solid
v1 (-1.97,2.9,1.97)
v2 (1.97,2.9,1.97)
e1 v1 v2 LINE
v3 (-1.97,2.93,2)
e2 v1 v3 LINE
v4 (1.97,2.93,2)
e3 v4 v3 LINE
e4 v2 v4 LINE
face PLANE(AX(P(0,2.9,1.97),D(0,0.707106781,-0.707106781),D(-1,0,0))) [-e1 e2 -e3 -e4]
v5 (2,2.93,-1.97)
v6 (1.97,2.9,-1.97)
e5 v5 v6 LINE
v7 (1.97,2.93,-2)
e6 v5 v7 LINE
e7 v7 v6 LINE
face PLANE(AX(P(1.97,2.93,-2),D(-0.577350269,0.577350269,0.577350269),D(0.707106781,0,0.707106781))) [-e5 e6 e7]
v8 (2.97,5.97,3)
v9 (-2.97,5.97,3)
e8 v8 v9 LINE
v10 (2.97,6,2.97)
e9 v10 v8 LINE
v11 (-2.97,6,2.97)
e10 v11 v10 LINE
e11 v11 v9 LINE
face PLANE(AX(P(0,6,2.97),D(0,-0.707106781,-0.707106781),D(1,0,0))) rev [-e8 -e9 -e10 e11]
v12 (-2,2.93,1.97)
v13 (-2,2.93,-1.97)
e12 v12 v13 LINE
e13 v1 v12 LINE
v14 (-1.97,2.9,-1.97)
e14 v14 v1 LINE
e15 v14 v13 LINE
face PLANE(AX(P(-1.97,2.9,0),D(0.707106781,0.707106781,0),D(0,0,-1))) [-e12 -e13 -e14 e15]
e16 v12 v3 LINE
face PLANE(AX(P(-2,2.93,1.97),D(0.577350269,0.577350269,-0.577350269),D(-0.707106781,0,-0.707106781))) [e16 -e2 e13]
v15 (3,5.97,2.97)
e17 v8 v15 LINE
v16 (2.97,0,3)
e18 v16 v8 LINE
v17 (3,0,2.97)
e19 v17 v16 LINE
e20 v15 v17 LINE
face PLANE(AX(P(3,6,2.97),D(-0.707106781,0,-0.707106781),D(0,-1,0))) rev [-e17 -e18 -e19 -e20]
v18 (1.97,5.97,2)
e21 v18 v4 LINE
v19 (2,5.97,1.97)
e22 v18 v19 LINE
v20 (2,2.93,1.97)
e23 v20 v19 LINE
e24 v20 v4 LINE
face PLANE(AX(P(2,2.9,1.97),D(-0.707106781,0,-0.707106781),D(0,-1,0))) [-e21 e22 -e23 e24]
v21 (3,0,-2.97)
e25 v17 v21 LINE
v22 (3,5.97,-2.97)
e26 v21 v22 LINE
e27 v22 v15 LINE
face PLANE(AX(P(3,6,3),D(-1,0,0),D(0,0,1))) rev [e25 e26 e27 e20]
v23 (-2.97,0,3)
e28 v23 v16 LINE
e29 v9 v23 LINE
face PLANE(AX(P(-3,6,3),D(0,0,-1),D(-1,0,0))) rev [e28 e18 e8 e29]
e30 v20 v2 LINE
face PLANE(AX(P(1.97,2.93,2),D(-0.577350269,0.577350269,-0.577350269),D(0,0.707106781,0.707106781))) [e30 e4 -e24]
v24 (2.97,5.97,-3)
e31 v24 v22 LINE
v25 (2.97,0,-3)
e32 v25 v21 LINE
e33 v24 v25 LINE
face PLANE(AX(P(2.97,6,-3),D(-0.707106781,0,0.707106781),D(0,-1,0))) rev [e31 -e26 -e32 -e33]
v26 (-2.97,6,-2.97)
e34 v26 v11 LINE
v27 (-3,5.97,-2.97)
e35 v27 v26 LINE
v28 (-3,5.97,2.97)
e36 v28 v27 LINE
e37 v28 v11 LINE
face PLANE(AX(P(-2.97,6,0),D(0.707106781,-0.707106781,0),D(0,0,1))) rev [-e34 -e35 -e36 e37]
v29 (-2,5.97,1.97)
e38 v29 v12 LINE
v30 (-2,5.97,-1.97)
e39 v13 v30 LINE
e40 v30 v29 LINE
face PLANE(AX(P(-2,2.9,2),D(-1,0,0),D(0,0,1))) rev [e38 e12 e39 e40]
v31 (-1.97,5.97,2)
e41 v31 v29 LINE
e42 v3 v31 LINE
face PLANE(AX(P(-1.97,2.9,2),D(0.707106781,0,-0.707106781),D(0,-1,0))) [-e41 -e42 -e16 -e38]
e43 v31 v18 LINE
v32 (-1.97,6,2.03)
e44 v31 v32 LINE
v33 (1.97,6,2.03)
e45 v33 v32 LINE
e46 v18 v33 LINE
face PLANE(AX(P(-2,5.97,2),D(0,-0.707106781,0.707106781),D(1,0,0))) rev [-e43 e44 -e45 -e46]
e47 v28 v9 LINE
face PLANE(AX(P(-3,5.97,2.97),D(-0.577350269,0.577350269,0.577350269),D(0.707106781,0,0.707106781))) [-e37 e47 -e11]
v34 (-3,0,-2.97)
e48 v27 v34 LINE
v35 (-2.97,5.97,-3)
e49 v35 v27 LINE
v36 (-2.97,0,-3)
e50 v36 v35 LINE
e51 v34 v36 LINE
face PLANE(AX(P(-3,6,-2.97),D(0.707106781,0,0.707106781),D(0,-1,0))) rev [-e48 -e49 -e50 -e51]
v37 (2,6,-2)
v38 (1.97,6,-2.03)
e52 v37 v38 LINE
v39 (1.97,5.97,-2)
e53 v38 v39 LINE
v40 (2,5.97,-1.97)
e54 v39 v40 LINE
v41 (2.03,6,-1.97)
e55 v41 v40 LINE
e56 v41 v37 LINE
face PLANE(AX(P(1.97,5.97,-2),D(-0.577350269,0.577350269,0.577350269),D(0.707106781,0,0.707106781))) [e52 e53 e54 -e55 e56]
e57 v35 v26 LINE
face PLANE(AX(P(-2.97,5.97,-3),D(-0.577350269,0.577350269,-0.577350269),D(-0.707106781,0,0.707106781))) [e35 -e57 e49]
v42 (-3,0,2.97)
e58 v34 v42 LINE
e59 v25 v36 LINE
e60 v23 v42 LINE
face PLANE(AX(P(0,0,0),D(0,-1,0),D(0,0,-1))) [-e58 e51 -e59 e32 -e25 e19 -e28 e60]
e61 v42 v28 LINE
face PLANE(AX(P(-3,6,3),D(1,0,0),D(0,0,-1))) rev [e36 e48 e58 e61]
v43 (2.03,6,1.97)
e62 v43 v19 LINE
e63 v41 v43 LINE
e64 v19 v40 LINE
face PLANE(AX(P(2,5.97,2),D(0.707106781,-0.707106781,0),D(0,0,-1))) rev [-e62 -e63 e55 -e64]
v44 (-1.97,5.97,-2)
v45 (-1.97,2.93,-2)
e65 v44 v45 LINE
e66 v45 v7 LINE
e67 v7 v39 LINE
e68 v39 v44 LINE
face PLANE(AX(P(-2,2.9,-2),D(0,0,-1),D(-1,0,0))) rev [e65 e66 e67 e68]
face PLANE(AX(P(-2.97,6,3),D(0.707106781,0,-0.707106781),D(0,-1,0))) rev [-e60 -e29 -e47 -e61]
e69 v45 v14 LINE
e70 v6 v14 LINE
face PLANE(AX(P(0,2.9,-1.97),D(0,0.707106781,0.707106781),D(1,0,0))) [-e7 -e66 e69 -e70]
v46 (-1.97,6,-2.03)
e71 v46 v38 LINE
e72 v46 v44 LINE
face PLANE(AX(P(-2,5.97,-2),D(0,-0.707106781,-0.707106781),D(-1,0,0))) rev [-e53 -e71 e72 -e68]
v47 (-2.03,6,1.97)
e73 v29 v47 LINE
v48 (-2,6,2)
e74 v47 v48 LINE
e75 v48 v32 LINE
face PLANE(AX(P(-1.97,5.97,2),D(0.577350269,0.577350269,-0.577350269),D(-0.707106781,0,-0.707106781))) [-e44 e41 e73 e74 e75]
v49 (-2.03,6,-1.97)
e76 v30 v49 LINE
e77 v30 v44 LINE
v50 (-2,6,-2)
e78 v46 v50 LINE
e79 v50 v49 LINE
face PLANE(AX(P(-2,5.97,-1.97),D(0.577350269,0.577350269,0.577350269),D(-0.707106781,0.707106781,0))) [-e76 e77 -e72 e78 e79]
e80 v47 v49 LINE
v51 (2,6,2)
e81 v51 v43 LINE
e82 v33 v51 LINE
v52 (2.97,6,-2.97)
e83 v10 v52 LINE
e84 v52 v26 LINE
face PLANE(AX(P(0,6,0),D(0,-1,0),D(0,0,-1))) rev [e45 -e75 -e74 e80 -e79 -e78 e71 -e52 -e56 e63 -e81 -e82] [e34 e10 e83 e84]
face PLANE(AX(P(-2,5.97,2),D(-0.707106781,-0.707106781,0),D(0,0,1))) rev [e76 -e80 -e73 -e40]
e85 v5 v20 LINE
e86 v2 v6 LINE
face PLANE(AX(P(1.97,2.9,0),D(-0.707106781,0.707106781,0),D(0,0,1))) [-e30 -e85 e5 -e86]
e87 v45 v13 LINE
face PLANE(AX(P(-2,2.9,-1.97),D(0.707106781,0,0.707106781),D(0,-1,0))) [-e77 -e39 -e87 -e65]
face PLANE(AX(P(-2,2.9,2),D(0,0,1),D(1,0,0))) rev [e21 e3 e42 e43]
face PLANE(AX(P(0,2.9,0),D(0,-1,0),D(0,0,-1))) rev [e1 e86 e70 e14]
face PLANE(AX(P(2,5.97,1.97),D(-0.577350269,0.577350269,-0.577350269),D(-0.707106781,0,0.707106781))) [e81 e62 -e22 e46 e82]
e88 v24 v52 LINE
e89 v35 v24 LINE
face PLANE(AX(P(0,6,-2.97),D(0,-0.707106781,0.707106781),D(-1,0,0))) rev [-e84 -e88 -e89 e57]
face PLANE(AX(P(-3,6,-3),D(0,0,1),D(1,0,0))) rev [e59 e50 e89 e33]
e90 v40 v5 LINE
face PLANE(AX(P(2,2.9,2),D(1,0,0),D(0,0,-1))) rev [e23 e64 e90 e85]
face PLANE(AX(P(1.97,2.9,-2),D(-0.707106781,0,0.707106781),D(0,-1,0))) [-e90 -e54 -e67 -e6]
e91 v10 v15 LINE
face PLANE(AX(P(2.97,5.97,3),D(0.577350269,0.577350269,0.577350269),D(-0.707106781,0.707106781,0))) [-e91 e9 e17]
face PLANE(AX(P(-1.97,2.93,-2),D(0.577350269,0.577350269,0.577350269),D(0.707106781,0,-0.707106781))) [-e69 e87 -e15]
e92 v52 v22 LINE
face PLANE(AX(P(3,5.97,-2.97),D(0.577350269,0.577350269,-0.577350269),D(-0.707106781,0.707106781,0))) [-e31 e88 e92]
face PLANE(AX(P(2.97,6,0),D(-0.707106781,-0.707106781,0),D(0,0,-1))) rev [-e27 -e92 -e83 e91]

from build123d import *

# Parameters (mm, degrees)
ESQUISSE2_W             = 6
ESQUISSE2_H             = 6
BOSS_EXTRU_1_DEPTH      = 6
ESQUISSE4_W             = 4
ESQUISSE4_H             = 4
ENL_V_MAT_EXTRU_1_DEPTH = 3.1
CHANFREIN1_SIZE         = 0.03


with BuildPart() as part:
    # Esquisse2 → Boss.-Extru.1 (new body)
    with BuildSketch(Plane(origin=(0, 0, 0), x_dir=(1, 0, 0), z_dir=(0, 1, 0))):
        Rectangle(ESQUISSE2_W, ESQUISSE2_H)
    extrude(amount=BOSS_EXTRU_1_DEPTH)

    # Esquisse4 → Enlèv. mat.-Extru.1 (cut)
    with BuildSketch(Plane(origin=(0, 6, 0), x_dir=(1, 0, 0), z_dir=(0, 1, 0))):
        Rectangle(ESQUISSE4_W, ESQUISSE4_H)
    extrude(amount=-ENL_V_MAT_EXTRU_1_DEPTH, mode=Mode.SUBTRACT)

    # Chanfrein1
    chanfrein1_edges = [part.edges().sort_by_distance(p)[0] for p in [
        (-3, 6, 0),
        (2, 2.9, 0),
        (2, 4.45, -2),
        (0, 6, 3),
        (0, 2.9, 2),
        (2, 4.45, 2),
        (-2, 2.9, 0),
        (-2, 4.45, 2),
        (0, 2.9, -2),
        (-2, 4.45, -2),
        (2, 6, 0),
        (0, 6, -2),
        (-2, 6, 0),
        (0, 6, 2),
        (3, 6, 0),
        (3, 3, 3),
        (-3, 3, 3),
        (-3, 3, -3),
        (3, 3, -3),
        (0, 6, -3),
    ]]
    chamfer(chanfrein1_edges, length=CHANFREIN1_SIZE)


solid = part.part
